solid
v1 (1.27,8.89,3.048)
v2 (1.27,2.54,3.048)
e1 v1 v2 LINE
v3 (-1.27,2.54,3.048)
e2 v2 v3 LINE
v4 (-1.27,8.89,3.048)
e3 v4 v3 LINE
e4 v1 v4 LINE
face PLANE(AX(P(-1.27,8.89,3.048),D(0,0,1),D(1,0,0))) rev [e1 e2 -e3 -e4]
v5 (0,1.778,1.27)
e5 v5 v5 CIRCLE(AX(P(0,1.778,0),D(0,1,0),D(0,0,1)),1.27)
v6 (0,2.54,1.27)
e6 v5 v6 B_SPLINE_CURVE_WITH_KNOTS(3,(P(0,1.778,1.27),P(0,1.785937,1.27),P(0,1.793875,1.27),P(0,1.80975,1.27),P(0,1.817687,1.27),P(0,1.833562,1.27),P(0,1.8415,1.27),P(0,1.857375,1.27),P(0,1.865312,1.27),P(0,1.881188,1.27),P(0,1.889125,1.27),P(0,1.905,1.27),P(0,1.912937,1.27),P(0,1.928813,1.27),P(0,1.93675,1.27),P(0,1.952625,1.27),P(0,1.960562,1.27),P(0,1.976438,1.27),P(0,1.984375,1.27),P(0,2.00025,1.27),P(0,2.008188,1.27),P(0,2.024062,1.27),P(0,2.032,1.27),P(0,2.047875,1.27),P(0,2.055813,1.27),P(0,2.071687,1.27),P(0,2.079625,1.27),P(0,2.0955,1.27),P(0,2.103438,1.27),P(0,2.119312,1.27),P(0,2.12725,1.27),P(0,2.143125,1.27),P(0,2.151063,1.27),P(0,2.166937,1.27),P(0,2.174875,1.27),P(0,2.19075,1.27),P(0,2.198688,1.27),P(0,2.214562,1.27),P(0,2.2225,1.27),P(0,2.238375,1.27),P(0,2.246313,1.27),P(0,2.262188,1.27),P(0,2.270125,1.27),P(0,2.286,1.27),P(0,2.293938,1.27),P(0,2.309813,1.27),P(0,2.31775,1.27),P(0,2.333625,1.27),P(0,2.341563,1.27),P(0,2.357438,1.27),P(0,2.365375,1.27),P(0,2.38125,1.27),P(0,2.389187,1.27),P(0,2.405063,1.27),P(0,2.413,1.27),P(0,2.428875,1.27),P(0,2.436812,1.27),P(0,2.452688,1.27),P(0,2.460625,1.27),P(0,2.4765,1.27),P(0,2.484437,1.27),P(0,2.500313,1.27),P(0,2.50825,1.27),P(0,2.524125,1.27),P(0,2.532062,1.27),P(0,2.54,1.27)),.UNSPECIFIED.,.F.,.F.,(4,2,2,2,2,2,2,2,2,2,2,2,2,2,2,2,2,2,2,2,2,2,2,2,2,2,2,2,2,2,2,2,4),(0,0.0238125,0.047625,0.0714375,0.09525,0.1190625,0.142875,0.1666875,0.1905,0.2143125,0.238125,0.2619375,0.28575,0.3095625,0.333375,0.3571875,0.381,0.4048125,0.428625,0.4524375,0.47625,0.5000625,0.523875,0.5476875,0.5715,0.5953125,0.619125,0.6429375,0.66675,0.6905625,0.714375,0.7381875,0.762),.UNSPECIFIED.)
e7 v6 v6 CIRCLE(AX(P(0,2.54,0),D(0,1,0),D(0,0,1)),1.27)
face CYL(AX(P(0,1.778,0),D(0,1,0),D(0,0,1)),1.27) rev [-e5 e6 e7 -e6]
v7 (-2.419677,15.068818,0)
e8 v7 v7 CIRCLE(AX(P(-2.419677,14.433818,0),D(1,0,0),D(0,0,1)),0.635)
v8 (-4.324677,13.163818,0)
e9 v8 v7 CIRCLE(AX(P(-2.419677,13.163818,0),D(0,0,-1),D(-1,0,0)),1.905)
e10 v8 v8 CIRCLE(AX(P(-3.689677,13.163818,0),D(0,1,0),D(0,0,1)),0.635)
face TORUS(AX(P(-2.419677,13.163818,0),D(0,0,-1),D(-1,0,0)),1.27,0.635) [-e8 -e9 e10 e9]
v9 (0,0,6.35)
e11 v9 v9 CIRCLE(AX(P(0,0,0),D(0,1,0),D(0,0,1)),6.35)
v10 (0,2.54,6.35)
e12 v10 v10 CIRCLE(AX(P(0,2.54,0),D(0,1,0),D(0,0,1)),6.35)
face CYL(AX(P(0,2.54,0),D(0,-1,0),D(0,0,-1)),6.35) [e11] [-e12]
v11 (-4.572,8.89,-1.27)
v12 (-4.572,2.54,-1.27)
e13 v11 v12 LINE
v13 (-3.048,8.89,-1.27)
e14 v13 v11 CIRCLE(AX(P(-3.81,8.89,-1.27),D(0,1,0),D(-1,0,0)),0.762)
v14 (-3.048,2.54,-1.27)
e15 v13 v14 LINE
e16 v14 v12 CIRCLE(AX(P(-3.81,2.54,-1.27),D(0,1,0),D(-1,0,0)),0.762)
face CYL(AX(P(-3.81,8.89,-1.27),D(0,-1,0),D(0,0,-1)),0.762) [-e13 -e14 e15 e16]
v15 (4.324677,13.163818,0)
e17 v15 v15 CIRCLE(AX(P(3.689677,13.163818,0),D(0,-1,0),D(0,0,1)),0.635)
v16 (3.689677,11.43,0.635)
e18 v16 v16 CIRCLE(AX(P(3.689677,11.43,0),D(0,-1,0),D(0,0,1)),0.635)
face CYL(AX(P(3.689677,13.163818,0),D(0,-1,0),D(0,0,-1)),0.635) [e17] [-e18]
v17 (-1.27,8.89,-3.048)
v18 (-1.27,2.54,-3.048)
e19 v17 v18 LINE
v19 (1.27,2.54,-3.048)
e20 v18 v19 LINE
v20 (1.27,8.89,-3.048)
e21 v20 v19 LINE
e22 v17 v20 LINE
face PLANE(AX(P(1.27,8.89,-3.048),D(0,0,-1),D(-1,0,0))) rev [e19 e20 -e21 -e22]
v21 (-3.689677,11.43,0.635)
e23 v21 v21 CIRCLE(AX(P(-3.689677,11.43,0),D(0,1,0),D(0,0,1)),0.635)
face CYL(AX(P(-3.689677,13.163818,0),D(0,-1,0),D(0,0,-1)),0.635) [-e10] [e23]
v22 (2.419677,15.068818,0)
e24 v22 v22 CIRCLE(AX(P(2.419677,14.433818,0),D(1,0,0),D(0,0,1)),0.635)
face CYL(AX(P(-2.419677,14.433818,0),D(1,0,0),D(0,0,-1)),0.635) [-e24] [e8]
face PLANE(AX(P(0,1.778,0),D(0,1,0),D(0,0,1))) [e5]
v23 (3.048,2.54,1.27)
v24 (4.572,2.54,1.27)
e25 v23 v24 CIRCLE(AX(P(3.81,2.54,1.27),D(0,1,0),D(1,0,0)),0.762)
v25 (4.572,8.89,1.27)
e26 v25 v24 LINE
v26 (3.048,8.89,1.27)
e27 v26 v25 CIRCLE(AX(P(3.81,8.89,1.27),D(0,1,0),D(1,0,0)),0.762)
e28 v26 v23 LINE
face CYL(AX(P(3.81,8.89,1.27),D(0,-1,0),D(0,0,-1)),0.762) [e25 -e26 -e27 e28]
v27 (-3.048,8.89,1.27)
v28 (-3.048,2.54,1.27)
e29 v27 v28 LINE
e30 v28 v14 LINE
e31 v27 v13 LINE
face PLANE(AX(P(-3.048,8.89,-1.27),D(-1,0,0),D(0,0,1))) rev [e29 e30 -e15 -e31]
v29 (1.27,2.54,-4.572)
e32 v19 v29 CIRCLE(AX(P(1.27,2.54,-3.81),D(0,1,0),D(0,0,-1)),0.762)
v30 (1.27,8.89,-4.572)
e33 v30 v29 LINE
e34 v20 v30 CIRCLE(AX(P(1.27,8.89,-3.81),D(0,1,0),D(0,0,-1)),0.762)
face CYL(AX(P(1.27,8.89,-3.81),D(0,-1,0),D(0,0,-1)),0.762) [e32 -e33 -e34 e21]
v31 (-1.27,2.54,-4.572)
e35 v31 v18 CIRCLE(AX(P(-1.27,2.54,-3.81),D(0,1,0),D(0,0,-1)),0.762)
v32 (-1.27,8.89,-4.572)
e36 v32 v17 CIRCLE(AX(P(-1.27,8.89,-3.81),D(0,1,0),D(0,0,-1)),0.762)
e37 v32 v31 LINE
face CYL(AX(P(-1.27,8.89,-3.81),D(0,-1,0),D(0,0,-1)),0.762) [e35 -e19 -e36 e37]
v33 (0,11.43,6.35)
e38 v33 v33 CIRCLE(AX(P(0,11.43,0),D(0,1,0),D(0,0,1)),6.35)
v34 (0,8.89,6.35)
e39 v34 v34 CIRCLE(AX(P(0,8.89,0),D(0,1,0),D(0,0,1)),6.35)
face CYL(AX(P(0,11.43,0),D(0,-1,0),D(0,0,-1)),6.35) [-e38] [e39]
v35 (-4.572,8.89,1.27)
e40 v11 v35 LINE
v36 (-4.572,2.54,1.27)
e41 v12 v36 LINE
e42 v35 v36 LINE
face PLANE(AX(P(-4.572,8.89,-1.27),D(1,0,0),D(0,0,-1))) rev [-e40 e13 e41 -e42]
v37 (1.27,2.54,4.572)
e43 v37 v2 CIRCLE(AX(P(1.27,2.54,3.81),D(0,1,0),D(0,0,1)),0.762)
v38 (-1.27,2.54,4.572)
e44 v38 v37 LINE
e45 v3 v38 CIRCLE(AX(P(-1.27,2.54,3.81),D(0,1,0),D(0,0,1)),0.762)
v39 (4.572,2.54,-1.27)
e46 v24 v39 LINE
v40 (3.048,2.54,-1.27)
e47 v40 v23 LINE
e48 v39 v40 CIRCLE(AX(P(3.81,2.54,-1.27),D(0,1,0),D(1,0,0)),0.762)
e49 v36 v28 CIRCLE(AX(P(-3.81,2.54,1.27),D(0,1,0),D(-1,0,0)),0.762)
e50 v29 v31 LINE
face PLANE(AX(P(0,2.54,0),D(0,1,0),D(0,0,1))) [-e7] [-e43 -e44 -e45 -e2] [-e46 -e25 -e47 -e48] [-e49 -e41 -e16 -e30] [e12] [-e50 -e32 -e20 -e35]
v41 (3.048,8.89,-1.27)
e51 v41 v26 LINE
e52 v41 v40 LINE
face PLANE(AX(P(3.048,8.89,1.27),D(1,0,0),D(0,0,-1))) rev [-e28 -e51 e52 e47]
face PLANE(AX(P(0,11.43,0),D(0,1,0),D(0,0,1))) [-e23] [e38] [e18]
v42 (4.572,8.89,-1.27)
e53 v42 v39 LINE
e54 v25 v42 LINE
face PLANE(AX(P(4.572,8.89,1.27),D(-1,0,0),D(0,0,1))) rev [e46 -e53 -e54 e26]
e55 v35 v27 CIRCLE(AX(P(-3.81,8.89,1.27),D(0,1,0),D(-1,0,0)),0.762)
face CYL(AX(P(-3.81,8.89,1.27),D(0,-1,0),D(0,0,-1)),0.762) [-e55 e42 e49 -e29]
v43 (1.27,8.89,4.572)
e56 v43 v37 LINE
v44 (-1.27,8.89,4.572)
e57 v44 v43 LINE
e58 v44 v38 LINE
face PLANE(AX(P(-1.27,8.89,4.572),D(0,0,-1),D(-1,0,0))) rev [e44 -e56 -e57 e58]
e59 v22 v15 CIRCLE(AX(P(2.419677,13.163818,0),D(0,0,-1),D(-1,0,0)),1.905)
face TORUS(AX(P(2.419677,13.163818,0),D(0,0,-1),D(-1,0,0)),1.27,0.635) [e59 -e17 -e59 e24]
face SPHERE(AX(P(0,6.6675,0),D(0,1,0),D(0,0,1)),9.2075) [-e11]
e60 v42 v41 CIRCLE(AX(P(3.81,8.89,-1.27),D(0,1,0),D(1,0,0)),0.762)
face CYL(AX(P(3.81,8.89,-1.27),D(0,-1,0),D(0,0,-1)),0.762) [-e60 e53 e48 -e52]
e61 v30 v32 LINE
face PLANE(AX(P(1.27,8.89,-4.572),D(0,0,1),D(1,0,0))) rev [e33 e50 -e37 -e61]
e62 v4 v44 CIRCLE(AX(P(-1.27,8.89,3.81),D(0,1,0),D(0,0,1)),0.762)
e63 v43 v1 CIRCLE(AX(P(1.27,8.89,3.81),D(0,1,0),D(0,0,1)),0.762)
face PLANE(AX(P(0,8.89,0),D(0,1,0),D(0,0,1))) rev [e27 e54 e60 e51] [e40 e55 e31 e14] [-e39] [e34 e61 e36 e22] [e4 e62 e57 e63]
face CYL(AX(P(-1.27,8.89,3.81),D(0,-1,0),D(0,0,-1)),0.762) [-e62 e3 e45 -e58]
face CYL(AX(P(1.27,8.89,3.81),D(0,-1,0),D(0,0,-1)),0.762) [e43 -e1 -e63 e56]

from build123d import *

# Parameters (mm, degrees)
SKETCH1_R               = 6.35
BUTTON_DEPTH            = 2.54
ONE_LEG_DEPTH           = 6.35
MOAR_LEGS_COUNT         = 4
SKETCH3_R               = 6.35
BUTTON_BOTTOM_DEPTH     = 2.54
BUTTON_TOP_FACE_RADIUS  = 6.35
BUTTON_TOP_HEIGHT       = 2.54
SKETCH5_R               = 0.635
SKETCH6_R               = 1.27
RECESS_FOR_SPRING_DEPTH = 0.762


with BuildPart() as part:
    # Sketch1 → button (new body)
    with BuildSketch(Plane(origin=(0, 0, 0), x_dir=(1, 0, 0), z_dir=(0, 1, 0))):
        with Locations(Location((0, 0, 0), (0, 0, 270))):
            Circle(SKETCH1_R)
    extrude(amount=BUTTON_DEPTH)

    # Sketch2 → one leg (add)
    with BuildSketch(Plane(origin=(0, 2.54, 0), x_dir=(1, 0, 0), z_dir=(0, 1, 0))):
        with BuildLine():
            Line((-1.27, -3.048), (1.27, -3.048))
            ThreePointArc((1.27, -3.048), (2.032, -3.81), (1.27, -4.572))
            Line((1.27, -4.572), (-1.27, -4.572))
            ThreePointArc((-1.27, -4.572), (-2.032, -3.81), (-1.27, -3.048))
        make_face()
    one_leg = extrude(amount=ONE_LEG_DEPTH)

    # moar legs: one leg ×4 about axis
    moar_legs_axis = Axis((0, 0, 0), (0, 1, 0))
    for i in range(1, MOAR_LEGS_COUNT):
        add(one_leg.rotate(moar_legs_axis, i * 360 / MOAR_LEGS_COUNT))

    # Sketch3 → button bottom (add)
    with BuildSketch(Plane(origin=(0, 8.89, 0), x_dir=(1, 0, 0), z_dir=(0, 1, 0))):
        with Locations(Location((0, 0, 0), (0, 0, 270))):
            Circle(SKETCH3_R)
    extrude(amount=BUTTON_BOTTOM_DEPTH)

    # button top: a dome of height H over a round flat face of radius A is a cap of a sphere of radius (A * A + H * H) / (2 * H)
    button_top_r = (BUTTON_TOP_FACE_RADIUS * BUTTON_TOP_FACE_RADIUS + BUTTON_TOP_HEIGHT * BUTTON_TOP_HEIGHT) / (2 * BUTTON_TOP_HEIGHT)
    button_top_base = Plane((0, 0, 0), z_dir=(0, -1, 0))
    with Locations(button_top_base.offset(BUTTON_TOP_HEIGHT - button_top_r)):
        button_top_ball = Sphere(button_top_r, mode=Mode.PRIVATE)
    add(split(button_top_ball, bisect_by=button_top_base, keep=Keep.TOP, mode=Mode.PRIVATE))

    # handle for linkage: sweep along a path in Sketch4
    with BuildLine(Plane.XY) as handle_for_linkage_path:
        Line((-3.689676867, 11.43), (-3.689676867, 13.163817949))
        ThreePointArc((-3.689676867, 13.163817949), (-3.317702479, 14.061843561), (-2.419676867, 14.433817949))
        Line((-2.419676867, 14.433817949), (2.419676867, 14.433817949))
        ThreePointArc((2.419676867, 14.433817949), (3.317702479, 14.061843561), (3.689676867, 13.163817949))
        Line((3.689676867, 13.163817949), (3.689676867, 11.43))
    # Sketch5 → handle for linkage (sweep)
    with BuildSketch(Plane(origin=(0, 11.43, 0), x_dir=(1, 0, 0), z_dir=(0, 1, 0))):
        with Locations((-3.689676867, 0)):
            Circle(SKETCH5_R)
    sweep(path=handle_for_linkage_path.line)

    # Sketch6 → recess for spring (cut)
    with BuildSketch(Plane(origin=(0, 2.54, 0), x_dir=(1, 0, 0), z_dir=(0, 1, 0))):
        with Locations(Location((0, 0, 0), (0, 0, 270))):
            Circle(SKETCH6_R)
    extrude(amount=-RECESS_FOR_SPRING_DEPTH, mode=Mode.SUBTRACT)


solid = part.part
